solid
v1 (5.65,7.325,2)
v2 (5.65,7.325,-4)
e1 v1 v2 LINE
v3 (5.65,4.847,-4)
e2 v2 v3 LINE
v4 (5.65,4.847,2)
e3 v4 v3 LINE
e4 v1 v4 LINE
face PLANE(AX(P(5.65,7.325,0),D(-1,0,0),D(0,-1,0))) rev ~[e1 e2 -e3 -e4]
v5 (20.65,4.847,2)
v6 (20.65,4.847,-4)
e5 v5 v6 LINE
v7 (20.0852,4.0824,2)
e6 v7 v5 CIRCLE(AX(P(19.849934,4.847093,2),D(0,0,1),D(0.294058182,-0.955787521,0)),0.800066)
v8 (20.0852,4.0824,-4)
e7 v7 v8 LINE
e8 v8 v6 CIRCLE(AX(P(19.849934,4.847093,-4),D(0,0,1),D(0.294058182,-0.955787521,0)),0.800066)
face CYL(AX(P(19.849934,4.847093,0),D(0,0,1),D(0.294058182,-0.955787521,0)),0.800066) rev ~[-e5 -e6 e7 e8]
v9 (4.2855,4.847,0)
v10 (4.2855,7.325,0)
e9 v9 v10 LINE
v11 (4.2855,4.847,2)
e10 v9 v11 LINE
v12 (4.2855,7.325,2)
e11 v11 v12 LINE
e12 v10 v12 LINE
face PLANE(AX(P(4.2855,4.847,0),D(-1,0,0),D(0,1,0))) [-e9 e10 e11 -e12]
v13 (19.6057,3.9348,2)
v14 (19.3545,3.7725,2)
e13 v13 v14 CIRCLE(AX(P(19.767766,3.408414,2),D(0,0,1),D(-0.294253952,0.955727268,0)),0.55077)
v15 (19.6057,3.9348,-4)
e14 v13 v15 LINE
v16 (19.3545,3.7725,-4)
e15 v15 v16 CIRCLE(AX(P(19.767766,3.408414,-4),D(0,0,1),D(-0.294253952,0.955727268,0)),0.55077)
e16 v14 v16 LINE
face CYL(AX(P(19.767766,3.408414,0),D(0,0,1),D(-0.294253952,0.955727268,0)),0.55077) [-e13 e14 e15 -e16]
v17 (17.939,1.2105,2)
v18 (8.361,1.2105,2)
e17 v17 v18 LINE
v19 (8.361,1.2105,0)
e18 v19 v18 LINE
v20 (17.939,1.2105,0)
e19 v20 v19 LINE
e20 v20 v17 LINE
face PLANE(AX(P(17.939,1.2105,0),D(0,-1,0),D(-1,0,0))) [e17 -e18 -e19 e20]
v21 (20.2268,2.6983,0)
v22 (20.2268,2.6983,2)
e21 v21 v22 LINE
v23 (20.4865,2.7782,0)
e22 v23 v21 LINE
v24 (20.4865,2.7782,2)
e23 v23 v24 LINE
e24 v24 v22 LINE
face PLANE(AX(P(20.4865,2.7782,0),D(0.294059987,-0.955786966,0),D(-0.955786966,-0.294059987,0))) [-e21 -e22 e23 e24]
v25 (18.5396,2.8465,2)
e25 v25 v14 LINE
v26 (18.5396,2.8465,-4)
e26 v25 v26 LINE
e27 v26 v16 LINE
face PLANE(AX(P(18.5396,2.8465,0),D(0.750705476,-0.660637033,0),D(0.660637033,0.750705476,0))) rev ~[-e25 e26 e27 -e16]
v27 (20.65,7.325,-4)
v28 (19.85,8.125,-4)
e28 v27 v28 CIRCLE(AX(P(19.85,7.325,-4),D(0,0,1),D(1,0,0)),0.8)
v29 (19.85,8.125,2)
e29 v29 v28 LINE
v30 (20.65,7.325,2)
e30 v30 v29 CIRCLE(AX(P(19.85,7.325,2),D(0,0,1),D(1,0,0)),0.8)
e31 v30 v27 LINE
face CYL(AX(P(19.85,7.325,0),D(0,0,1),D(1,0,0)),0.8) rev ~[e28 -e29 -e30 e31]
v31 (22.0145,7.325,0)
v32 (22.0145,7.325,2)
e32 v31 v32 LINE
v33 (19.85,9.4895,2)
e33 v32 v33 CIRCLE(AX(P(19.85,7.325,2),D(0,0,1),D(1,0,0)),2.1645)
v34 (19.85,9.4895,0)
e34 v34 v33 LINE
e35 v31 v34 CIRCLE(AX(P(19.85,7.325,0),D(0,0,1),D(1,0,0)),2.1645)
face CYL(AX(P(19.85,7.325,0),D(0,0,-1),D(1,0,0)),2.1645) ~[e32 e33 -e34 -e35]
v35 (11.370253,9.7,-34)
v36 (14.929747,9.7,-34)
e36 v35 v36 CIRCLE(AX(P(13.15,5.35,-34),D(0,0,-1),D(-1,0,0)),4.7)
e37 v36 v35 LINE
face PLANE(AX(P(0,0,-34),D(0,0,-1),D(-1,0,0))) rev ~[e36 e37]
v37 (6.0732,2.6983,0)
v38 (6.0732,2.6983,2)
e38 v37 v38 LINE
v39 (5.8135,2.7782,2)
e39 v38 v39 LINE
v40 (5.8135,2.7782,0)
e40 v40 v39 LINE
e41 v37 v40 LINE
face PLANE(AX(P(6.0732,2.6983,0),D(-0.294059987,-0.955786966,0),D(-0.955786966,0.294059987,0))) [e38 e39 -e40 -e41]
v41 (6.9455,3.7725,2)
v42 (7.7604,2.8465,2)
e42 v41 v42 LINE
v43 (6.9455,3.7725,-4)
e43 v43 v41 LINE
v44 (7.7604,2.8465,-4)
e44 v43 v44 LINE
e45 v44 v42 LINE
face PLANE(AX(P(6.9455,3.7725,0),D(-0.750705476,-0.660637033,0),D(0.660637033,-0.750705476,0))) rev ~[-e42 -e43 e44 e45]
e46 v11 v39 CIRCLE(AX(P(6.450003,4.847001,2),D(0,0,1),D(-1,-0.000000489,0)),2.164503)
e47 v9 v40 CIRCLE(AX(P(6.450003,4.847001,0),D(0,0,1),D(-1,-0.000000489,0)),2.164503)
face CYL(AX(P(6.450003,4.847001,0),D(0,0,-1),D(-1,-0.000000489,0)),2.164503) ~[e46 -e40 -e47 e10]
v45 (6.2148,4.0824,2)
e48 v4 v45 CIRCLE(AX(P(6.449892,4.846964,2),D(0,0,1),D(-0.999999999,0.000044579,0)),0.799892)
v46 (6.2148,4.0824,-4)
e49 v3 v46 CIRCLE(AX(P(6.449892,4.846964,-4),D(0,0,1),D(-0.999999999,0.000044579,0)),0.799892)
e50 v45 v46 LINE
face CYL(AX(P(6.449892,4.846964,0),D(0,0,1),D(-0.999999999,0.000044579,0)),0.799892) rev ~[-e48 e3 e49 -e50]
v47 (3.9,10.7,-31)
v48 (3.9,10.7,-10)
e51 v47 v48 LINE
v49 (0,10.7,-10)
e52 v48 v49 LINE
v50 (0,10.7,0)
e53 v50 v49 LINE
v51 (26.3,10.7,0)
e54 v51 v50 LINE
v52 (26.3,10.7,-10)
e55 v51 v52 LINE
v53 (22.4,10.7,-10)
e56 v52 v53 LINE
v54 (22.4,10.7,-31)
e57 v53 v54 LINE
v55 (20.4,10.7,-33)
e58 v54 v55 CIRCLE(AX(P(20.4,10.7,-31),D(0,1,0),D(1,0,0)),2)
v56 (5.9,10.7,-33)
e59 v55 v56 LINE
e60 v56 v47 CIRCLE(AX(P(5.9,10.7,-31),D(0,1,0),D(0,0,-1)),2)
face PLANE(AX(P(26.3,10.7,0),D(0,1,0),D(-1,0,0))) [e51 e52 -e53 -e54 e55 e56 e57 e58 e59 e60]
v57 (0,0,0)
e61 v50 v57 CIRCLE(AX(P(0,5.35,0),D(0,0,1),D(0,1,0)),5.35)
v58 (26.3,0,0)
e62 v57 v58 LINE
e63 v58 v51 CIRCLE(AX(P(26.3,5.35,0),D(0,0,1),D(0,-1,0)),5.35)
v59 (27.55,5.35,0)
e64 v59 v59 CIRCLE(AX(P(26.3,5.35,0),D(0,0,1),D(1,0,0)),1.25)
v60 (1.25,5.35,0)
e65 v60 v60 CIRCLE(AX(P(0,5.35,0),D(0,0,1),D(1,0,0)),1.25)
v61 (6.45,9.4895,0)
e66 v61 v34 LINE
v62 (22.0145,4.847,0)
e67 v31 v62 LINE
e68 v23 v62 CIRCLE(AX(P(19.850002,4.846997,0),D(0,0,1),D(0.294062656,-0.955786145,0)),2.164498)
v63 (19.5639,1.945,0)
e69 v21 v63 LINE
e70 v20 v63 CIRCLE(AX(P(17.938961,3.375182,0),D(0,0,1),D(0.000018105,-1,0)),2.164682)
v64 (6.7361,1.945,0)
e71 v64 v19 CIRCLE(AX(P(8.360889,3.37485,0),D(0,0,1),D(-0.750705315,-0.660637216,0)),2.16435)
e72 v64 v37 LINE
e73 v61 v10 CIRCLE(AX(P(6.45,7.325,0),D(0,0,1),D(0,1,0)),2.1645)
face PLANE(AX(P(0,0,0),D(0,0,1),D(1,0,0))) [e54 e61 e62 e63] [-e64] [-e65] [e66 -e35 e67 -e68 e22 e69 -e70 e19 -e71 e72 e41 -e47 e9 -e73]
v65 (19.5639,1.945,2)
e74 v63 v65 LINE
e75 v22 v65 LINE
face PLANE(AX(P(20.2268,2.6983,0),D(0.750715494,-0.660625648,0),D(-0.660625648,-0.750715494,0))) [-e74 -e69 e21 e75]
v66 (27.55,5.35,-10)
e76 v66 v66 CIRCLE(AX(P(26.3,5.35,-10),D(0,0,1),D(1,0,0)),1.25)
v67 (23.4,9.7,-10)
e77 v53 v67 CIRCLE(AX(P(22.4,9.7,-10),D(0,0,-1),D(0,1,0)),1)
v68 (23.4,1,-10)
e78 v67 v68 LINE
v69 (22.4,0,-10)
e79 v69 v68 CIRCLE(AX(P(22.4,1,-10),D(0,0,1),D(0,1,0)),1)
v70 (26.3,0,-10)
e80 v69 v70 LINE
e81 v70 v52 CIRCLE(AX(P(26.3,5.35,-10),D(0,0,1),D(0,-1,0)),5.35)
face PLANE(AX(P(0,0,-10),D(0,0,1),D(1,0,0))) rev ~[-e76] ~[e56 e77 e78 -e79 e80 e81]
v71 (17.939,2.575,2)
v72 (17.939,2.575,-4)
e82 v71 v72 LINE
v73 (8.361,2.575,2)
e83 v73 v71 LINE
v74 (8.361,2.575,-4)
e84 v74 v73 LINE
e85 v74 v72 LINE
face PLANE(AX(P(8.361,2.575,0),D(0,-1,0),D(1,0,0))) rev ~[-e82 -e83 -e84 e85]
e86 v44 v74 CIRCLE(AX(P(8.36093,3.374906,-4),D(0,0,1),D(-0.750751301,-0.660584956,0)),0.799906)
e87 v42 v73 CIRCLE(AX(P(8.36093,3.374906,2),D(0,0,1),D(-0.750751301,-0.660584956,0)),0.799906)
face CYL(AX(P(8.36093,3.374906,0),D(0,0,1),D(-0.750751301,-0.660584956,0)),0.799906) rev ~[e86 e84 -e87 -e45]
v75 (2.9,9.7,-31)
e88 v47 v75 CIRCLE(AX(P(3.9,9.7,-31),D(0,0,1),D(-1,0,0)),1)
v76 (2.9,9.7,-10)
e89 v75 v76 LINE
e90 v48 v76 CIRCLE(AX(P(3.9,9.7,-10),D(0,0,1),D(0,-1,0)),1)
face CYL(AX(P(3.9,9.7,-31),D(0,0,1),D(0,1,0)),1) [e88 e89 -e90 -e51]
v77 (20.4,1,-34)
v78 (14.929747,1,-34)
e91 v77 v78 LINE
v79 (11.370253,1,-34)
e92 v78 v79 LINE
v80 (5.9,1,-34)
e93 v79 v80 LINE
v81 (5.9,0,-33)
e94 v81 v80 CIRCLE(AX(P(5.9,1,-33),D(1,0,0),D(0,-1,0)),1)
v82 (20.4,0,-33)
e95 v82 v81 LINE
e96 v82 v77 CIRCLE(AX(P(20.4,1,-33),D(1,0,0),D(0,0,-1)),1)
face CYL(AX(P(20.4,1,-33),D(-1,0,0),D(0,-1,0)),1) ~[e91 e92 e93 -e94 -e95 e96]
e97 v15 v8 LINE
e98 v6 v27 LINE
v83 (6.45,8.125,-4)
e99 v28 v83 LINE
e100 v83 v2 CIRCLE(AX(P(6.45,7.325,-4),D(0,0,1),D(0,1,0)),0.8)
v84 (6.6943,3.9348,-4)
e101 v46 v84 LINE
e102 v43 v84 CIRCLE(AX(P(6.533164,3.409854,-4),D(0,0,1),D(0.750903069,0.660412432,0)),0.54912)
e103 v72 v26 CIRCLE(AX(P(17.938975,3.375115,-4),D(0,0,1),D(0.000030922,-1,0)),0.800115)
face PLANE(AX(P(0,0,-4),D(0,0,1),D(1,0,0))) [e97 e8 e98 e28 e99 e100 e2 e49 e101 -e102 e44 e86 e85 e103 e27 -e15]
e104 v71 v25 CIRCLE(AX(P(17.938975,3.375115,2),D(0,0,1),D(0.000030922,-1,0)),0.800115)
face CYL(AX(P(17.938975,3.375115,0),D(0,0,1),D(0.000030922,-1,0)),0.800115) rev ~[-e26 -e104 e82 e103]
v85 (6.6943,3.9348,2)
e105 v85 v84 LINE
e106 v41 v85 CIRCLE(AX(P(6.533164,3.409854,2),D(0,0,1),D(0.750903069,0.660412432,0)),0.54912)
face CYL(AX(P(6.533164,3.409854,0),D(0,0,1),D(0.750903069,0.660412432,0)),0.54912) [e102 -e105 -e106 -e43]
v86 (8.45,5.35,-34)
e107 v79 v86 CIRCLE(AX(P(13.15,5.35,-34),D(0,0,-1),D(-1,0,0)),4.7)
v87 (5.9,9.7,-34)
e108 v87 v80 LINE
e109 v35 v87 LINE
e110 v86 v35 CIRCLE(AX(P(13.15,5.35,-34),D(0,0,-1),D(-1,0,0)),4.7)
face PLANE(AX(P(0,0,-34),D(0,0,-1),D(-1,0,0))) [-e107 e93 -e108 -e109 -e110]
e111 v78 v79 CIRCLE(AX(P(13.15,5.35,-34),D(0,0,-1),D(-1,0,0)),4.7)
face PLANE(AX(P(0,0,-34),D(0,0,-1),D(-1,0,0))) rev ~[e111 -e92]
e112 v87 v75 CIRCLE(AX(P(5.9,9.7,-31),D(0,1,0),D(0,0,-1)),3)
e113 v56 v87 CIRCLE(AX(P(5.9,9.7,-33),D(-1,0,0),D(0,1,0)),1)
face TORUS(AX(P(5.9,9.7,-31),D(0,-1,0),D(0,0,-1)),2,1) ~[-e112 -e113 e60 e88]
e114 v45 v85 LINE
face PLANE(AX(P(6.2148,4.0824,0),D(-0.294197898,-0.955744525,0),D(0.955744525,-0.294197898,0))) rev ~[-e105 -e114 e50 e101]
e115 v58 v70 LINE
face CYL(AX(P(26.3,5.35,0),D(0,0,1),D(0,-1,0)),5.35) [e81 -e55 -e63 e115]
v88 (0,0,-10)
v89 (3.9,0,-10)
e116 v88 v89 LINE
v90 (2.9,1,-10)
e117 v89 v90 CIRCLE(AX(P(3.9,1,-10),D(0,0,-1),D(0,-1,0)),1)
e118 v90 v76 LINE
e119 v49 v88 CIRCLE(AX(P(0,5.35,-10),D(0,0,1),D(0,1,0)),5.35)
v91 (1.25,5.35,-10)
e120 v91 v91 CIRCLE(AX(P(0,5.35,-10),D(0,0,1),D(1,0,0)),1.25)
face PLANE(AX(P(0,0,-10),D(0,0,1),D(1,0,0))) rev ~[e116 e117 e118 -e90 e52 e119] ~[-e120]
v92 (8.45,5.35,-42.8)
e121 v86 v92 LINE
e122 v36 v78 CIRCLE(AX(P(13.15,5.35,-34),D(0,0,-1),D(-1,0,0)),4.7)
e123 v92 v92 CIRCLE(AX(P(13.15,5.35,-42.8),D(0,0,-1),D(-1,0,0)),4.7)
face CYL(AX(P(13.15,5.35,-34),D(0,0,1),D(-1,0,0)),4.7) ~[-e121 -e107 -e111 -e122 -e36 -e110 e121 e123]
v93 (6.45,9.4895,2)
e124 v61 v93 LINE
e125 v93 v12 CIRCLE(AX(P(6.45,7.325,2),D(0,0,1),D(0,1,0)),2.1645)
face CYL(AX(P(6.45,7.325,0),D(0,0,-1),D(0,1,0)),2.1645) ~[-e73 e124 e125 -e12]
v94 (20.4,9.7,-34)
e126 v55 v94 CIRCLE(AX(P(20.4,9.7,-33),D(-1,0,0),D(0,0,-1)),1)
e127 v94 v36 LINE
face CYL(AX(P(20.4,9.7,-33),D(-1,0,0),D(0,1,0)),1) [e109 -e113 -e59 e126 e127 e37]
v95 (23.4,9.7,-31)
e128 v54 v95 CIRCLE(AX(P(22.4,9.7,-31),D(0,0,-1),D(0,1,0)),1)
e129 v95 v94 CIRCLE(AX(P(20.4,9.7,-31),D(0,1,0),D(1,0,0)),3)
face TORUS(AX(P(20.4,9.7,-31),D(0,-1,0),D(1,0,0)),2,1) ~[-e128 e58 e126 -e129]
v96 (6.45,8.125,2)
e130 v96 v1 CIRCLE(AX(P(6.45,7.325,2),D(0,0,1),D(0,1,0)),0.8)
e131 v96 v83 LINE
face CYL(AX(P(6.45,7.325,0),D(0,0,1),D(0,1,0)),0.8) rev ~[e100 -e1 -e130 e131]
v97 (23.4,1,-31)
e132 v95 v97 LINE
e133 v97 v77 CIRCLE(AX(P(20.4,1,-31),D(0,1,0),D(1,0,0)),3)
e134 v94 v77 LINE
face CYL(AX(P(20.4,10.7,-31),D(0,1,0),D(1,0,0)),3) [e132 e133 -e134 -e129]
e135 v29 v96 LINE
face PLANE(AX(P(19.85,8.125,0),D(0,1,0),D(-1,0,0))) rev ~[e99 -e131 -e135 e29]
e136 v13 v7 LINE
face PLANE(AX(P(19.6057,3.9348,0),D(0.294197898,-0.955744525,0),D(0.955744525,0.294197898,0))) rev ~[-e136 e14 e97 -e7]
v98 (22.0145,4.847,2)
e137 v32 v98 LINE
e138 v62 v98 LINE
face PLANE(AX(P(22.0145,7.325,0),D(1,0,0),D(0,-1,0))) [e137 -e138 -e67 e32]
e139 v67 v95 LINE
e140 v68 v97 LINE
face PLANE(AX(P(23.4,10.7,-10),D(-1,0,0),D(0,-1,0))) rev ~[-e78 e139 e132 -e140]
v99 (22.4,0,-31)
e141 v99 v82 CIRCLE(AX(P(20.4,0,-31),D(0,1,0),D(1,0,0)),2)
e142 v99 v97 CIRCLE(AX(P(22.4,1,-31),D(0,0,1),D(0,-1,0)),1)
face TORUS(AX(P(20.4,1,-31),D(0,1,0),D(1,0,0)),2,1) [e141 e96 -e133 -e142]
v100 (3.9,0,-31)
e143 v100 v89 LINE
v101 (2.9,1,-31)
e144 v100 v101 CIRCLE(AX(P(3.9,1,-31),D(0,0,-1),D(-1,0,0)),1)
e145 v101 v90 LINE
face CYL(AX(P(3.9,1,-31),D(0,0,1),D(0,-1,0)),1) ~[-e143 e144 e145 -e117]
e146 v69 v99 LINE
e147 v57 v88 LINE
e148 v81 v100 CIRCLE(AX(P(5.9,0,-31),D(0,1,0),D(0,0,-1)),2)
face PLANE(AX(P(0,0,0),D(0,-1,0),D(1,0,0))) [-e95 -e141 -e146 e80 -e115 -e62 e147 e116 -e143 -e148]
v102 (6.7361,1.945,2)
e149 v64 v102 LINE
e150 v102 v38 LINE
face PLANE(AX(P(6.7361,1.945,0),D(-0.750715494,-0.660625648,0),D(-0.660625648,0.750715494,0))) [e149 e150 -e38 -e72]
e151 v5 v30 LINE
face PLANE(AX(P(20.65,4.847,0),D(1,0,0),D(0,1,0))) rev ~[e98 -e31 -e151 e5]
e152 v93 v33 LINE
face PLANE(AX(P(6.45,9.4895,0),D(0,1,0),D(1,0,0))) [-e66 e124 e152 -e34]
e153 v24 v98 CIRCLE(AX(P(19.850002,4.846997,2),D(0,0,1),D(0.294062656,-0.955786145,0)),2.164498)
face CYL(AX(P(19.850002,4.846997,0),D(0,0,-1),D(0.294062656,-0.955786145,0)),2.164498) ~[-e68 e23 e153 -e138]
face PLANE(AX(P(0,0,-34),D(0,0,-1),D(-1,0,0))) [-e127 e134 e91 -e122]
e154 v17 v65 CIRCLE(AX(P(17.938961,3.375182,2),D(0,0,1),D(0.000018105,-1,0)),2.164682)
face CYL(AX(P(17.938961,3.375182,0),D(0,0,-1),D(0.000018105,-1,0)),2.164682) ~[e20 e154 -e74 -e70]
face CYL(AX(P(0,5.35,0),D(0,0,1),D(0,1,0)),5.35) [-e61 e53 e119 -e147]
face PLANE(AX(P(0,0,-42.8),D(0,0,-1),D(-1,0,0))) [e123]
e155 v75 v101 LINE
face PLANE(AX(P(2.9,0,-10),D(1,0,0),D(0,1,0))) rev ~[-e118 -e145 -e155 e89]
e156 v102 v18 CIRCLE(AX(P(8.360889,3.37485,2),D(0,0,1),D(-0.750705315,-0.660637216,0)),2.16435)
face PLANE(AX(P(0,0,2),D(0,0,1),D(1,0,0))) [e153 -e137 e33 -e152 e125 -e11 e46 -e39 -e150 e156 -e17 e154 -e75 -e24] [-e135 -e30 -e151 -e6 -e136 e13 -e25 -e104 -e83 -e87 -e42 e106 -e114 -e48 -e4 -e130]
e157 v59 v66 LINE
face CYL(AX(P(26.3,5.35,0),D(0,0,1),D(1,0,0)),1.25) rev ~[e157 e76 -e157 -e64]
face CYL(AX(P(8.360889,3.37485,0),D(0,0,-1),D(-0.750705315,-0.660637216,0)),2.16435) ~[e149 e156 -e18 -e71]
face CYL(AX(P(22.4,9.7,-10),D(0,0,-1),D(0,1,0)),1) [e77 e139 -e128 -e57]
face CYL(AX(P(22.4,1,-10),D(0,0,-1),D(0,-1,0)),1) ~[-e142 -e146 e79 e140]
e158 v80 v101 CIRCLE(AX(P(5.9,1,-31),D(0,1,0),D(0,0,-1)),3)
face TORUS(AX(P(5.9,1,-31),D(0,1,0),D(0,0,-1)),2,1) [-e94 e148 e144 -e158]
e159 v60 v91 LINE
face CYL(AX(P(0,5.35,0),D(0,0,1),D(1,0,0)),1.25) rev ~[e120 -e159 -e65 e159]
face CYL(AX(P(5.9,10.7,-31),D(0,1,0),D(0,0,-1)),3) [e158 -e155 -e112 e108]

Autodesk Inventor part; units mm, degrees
ref_plane "YZ Plane" through (0, 0, 0) normal (1, 0, 0) x (0, 1, 0)
ref_plane "XZ Plane" through (0, 0, 0) normal (0, 1, 0) x (-1, 0, 0)
ref_plane "XY Plane" through (0, 0, 0) normal (0, 0, 1) x (1, 0, 0)
sketch "Sketch1" plane through (0, 0, 0) normal (0, 0, 1) x (1, 0, 0)
  line L0 (0, 0) -> (26.3, 0)
  line L1 (26.3, 10.7) -> (0, 10.7)
  arc A0 (0, 10.7) -> (0, 0) centre (0, 5.35) ccw
  arc A1 (26.3, 0) -> (26.3, 10.7) centre (26.3, 5.35) ccw
  circle A2 centre (0, 5.35) radius 1.25
  circle A3 centre (26.3, 5.35) radius 1.25
  dimension "d0" = 26.3
  dimension "d1" = 10.7
  dimension "d2" = 2.5
extrude "Extrusion1" add sketch "Sketch1" against normal blind 10
sketch "Sketch2" plane through (0, 0, 0) normal (0, 0, 1) x (1, 0, 0)
  line L0 (0, 0) -> (26.3, 0) projected
  arc A0 (0, 10.7) -> (0, 0) centre (0, 5.35) ccw projected
  line L1 (6.9455, 3.7725) -> (7.7604, 2.8465)
  line L2 (8.361, 2.575) -> (17.939, 2.575)
  line L3 (18.5396, 2.8465) -> (19.3545, 3.7725)
  line L4 (19.6057, 3.9348) -> (20.0852, 4.0824)
  line L5 (20.65, 4.847) -> (20.65, 7.325)
  line L6 (19.85, 8.125) -> (6.45, 8.125)
  line L7 (5.65, 7.325) -> (5.65, 4.847)
  line L8 (6.2148, 4.0824) -> (6.6943, 3.9348)
  line L9 (26.3, 10.7) -> (0, 10.7) projected
  arc A1 (6.45, 8.125) -> (5.65, 7.325) centre (6.45, 7.325) ccw
  arc A2 (20.65, 7.325) -> (19.85, 8.125) centre (19.85, 7.325) ccw
  arc A3 (5.65, 4.847) -> (6.2148, 4.0824) centre (6.45, 4.847) ccw
  arc A4 (20.0852, 4.0824) -> (20.65, 4.847) centre (19.85, 4.847) ccw
  arc A5 (6.9455, 3.7725) -> (6.6943, 3.9348) centre (6.5326, 3.4092) ccw
  arc A6 (19.6057, 3.9348) -> (19.3545, 3.7725) centre (19.7674, 3.4092) ccw
  arc A7 (7.7604, 2.8465) -> (8.361, 2.575) centre (8.361, 3.375) ccw
  arc A8 (17.939, 2.575) -> (18.5396, 2.8465) centre (17.939, 3.375) ccw
  line L10 (6.45, 9.4895) -> (19.85, 9.4895)
  arc A9 (22.0145, 7.325) -> (19.85, 9.4895) centre (19.85, 7.325) ccw
  line L11 (22.0145, 7.325) -> (22.0145, 4.847)
  arc A10 (20.4865, 2.7782) -> (22.0145, 4.847) centre (19.85, 4.847) ccw
  line L12 (20.4865, 2.7782) -> (20.2268, 2.6983)
  line L13 (20.2268, 2.6983) -> (19.5639, 1.945)
  arc A11 (17.939, 1.2105) -> (19.5639, 1.945) centre (17.939, 3.375) ccw
  line L14 (17.939, 1.2105) -> (8.361, 1.2105)
  arc A12 (6.7361, 1.945) -> (8.361, 1.2105) centre (8.361, 3.375) ccw
  line L15 (6.7361, 1.945) -> (6.0732, 2.6983)
  line L16 (6.0732, 2.6983) -> (5.8135, 2.7782)
  arc A13 (4.2855, 4.847) -> (5.8135, 2.7782) centre (6.45, 4.847) ccw
  line L17 (4.2855, 4.847) -> (4.2855, 7.325)
  arc A14 (6.45, 9.4895) -> (4.2855, 7.325) centre (6.45, 7.325) ccw
  point P0 (6.8428, 3.8892)
  point P1 (7.9994, 2.575)
  point P2 (18.3006, 2.575)
  point P3 (19.4572, 3.8892)
  point P4 (20.65, 4.2561)
  point P5 (20.65, 8.125)
  point P6 (5.65, 8.125)
  point P7 (5.65, 4.2561)
  dimension "d25" = 15
  dimension "d26" = 5.55
  dimension "d27" = 5.65
  dimension "d28" = 2.575
  dimension "d29" = 0.8
  dimension "d30" = 0.8
  dimension "d32" = 107.1
  dimension "d34" = 107.1
  dimension "d35" = 41.35
  dimension "d36" = 41.35
  dimension "d37" = 0.55
  dimension "d38" = 0.8
  dimension "d39" = 2.711
  dimension "d40" = 2.711
  dimension "d42" = 2.478
  dimension "d43" = 2.478
  dimension "d44" = 1.3645
extrude "Extrusion4" add sketch "Sketch2" along normal blind 2 contours A5 L8 A3 L7 A1 L6 A2 L5 A4 L4 A6 L3 A8 L2 A7 L1 | L10 A9 L11 A10 L12 L13 A11 L14 A12 L15 L16 A13 L17 A14
extrude "Extrusion5" cut sketch "Sketch2" against normal blind 4 and the other way blind 2 contours A5 L8 A3 L7 A1 L6 A2 L5 A4 L4 A6 L3 A8 L2 A7 L1
sketch "Sketch3" plane through (0, 0, -10) normal (0, 0, -1) x (-1, 0, 0)
  line L0 (-23.4, 0) -> (-2.9, 0)
  line L1 (-2.9, 0) -> (-2.9, 10.7)
  line L2 (-2.9, 10.7) -> (-23.4, 10.7)
  line L3 (-23.4, 10.7) -> (-23.4, 0)
  line L4 (0, 10.7) -> (-26.3, 10.7) projected
  arc A0 (-26.3, 10.7) -> (-26.3, 0) centre (-26.3, 5.35) ccw projected
  line L5 (-26.3, 0) -> (0, 0) projected
  dimension "d47" = 20.5
  dimension "d51" = 2.9
extrude "Extrusion6" add sketch "Sketch3" along normal blind 24 contours L3 L2 L1 L0
sketch "Sketch4" plane through (2.9, 10.7, -10) normal (0, 1, 0) x (-1, 0, 0)
  line L0 (-20.5, 0) -> (-20.5, -24) projected
  line L1 (-20.5, -24) -> (0, -24) projected
  arc A0 (-20.5, -21) -> (-17.5, -24) centre (-17.5, -21) ccw
  arc A1 (-3, -24) -> (0, -21) centre (-3, -21) ccw
  line L2 (-20.5, -21) -> (-20.5, -24)
  line L3 (-20.5, -24) -> (-17.5, -24)
  line L4 (-3, -24) -> (0, -24)
  line L5 (0, -24) -> (0, -21)
  line L6 (0, 0) -> (0, -24) projected
  point P0 (2.9, 10)
  dimension "d58" = 3
  dimension "d59" = 3
  dimension "d63" = 3
  dimension "d64" = 3
  dimension "d65" = 3
  dimension "d66" = 3
extrude "Extrusion7" cut sketch "Sketch4" against normal through all
fillet "Fillet1" radius 1 10 edges at (22.5213, 10.7, -33.1213) (13.15, 10.7, -34) (3.7787, 10.7, -33.1213) (2.9, 10.7, -20.5) (23.4, 10.7, -20.5) (22.5213, 0, -33.1213) (13.15, 0, -34) (3.7787, 0, -33.1213) (2.9, 0, -20.5) (23.4, 0, -20.5)
sketch "Sketch5" plane through (0, 0, -34) normal (0, 0, -1) x (-1, 0, 0)
  circle A0 centre (-13.15, 5.35) radius 4.7
  line L0 (-5.9, 10.7) -> (-20.4, 10.7) projected
  line L1 (-23.4, 1) -> (-23.4, 9.7) projected
  point P0 (0, 0)
  dimension "d67" = 9.4
  dimension "d68" = 5.35
  dimension "d69" = 10.25
extrude "Extrusion8" add sketch "Sketch5" along normal blind 8.8
equation "\"d27\" = -0.5 * d25 + 0.5 * d0"
equation "\"d28\" = -0.5 * d26 + 0.5 * d1"
equation "\"d34\" = d32"
equation "\"d36\" = d35"
equation "\"d40\" = d39"
equation "\"d43\" = d42"
equation "\"d51\" = -0.5 * d47 + 0.5 * d0"
equation "\"d58\" = d54"
equation "\"d59\" = d54"
equation "\"d63\" = d54"
equation "\"d64\" = d54"
equation "\"d65\" = d54"
equation "\"d66\" = d54"
equation "\"d68\" = 0.5 * d1"
equation "\"d69\" = 0.5 * d47"
equation "\"d54\" = 3"
properties part number "hdmi-panel-mount"
